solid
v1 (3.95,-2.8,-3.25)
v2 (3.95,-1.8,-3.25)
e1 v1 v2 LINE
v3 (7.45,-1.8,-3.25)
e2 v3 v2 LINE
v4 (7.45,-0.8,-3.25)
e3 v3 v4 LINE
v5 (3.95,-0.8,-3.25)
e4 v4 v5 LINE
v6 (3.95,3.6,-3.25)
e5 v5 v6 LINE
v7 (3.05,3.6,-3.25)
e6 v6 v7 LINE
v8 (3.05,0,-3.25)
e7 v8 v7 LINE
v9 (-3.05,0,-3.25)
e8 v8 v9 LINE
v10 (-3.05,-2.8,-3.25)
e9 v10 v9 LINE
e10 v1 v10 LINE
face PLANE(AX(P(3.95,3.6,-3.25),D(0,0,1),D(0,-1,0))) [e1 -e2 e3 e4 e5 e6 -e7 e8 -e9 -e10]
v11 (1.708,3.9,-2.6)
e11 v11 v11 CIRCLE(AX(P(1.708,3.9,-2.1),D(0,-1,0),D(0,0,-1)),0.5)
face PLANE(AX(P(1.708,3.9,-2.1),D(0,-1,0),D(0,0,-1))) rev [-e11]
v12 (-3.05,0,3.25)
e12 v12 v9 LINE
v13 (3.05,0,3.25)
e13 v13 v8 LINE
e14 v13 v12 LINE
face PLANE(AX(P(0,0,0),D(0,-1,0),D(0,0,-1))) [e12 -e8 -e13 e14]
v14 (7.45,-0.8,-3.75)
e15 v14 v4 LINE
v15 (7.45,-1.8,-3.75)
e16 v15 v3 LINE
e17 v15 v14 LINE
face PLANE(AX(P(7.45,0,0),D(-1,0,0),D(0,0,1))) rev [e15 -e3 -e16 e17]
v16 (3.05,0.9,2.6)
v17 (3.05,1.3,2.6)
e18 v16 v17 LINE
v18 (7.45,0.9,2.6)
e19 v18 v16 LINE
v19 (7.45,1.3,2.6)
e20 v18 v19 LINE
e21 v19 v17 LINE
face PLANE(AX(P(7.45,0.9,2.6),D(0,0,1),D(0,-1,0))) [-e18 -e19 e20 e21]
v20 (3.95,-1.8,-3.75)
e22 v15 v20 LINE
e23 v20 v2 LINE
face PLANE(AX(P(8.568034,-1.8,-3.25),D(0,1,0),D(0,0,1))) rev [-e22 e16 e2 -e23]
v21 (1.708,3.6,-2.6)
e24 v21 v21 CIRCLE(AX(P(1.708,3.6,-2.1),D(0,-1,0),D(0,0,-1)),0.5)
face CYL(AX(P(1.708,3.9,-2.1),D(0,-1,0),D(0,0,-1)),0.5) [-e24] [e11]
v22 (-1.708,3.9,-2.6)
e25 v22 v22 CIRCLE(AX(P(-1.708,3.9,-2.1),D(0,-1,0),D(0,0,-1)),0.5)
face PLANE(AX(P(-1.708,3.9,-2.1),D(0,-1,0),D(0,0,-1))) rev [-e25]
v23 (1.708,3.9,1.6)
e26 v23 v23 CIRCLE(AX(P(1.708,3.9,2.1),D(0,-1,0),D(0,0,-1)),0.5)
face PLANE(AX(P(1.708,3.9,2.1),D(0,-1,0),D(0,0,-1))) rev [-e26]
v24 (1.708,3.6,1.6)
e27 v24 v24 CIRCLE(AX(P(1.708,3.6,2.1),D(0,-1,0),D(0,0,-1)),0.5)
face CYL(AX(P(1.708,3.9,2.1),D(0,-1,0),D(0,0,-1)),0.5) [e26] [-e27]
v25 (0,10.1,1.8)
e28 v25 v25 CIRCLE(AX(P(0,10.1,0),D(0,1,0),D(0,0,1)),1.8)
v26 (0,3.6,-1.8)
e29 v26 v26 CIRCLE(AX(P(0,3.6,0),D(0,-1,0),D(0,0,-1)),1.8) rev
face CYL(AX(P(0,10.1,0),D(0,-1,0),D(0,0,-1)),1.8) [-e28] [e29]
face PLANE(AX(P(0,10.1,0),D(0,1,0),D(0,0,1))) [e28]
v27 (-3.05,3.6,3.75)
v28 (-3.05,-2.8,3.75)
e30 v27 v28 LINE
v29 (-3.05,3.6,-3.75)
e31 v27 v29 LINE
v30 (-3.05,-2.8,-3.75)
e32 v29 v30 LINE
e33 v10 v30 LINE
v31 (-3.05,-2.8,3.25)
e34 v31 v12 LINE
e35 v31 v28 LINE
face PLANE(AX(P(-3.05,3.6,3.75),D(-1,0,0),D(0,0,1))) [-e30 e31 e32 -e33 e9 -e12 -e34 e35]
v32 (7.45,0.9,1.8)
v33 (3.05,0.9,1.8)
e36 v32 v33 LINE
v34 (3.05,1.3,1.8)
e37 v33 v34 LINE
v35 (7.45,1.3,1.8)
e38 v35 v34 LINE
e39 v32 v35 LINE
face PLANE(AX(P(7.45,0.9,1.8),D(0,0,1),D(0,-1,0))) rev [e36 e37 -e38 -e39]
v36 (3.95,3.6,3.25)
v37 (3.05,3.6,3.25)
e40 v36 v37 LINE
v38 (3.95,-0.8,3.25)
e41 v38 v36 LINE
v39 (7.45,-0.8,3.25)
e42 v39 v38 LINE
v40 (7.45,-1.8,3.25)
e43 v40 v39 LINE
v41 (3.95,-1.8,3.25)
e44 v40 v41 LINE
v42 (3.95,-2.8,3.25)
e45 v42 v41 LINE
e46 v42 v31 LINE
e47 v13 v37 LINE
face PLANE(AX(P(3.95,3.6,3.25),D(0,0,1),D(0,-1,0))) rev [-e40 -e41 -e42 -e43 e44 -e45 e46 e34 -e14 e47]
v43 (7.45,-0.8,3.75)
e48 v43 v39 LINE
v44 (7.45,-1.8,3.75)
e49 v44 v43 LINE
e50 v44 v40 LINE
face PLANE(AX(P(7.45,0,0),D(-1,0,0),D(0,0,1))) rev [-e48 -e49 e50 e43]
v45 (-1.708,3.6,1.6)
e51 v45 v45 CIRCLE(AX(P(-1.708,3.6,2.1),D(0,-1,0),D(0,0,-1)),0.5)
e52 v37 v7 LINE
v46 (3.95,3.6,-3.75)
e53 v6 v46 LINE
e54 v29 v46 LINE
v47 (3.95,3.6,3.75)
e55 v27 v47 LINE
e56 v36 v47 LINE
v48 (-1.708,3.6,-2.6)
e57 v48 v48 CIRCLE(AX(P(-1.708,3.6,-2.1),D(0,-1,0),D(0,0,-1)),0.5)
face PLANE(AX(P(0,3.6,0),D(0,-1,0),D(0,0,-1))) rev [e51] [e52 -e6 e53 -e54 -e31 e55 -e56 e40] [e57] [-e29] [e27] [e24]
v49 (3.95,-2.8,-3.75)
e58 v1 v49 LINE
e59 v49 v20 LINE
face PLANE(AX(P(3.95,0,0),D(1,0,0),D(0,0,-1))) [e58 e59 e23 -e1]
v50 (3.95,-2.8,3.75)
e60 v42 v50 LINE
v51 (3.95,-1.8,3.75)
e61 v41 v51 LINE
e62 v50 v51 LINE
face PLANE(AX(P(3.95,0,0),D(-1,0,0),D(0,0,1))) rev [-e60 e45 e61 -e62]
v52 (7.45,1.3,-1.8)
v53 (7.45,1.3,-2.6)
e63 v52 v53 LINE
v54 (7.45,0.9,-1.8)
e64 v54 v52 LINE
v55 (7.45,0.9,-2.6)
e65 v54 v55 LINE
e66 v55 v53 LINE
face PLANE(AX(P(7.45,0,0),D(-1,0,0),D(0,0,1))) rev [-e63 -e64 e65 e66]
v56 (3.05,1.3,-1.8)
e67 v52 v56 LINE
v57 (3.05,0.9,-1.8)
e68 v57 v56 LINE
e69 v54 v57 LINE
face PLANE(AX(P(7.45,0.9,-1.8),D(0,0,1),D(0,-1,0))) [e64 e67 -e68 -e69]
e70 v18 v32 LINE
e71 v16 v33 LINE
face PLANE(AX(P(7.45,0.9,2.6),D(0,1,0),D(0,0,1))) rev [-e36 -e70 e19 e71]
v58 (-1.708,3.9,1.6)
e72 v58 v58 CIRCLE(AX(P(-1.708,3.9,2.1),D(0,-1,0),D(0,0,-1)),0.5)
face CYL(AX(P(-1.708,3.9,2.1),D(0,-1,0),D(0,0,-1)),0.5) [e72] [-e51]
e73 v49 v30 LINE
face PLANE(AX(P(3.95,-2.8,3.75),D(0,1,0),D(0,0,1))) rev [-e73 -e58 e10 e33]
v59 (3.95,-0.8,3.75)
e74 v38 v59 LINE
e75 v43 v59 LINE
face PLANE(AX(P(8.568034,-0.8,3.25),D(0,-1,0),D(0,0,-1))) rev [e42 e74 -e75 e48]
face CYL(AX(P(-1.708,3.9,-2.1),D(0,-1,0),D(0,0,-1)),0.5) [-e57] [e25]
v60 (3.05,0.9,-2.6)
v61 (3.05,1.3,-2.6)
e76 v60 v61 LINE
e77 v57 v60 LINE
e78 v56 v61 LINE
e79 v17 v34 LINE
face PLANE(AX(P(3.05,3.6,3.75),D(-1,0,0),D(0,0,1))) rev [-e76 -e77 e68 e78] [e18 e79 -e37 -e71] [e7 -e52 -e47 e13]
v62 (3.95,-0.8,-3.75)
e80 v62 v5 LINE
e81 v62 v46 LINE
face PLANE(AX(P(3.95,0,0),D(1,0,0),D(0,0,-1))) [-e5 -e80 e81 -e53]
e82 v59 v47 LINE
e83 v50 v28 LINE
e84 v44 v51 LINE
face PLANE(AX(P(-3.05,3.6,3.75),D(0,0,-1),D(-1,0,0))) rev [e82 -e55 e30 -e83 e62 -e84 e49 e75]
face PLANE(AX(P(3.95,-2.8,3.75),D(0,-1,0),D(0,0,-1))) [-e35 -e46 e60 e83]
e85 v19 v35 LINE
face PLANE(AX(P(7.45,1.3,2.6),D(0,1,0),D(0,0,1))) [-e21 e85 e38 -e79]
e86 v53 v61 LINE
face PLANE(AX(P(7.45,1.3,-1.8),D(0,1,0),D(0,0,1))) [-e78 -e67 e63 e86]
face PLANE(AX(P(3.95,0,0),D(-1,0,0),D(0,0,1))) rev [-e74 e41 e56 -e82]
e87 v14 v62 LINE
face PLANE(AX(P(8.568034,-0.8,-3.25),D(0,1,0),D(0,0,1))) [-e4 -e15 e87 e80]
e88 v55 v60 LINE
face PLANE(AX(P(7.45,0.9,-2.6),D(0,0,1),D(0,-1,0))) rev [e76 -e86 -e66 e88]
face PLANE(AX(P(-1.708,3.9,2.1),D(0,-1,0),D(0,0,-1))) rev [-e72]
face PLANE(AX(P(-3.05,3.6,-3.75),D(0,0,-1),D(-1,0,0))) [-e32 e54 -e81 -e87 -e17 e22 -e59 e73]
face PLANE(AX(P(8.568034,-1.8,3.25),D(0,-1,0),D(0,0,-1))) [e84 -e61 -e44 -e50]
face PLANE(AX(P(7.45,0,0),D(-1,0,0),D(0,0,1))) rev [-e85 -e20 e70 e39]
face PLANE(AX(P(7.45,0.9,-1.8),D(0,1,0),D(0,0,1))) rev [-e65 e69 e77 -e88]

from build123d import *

# Parameters (mm, degrees)
SKETCH_1_W      = 6.1
SKETCH_1_H      = 7.5
EXTRUDE_1_DEPTH = 3.6
SKETCH_1_3_R    = 1.8
EXTRUDE_2_DEPTH = 10.1
EXTRUDE_START   = 3.6
SKETCH_1_4_R    = 0.5
EXTRUDE_3_DEPTH = 0.3
SKETCH_2_W      = 0.8
SKETCH_2_H      = 0.4
EXTRUDE_4_DEPTH = 4.4
EXTRUDE_START_2 = -6.1
SKETCH_4_W      = 0.5
SKETCH_4_H      = 6.4
EXTRUDE_5_DEPTH = 7
SKETCH_4_3_W    = 0.5
SKETCH_4_3_H    = 1
EXTRUDE_6_DEPTH = 4.4


with BuildPart() as part:
    # 草图1 → 凸台-拉伸1 (new body)
    with BuildSketch(Plane(origin=(0, 0, 0), x_dir=(1, 0, 0), z_dir=(0, 1, 0))):
        Rectangle(SKETCH_1_W, SKETCH_1_H)
    extrude(amount=EXTRUDE_1_DEPTH)

    # 草图1<3> → 凸台-拉伸2 (add)
    with BuildSketch(Plane(origin=(0, 0, 0), x_dir=(1, 0, 0), z_dir=(0, 1, 0))):
        with Locations(Location((0, 0, 0), (0, 0, 90))):
            Circle(SKETCH_1_3_R)
    extrude(amount=EXTRUDE_2_DEPTH)

    # 草图1<4> → 凸台-拉伸3 (add)
    with BuildSketch(Plane(origin=(0, 0, 0), x_dir=(1, 0, 0), z_dir=(0, 1, 0)).offset(EXTRUDE_START)):
        with Locations(Location((-1.708, 2.1, 0), (0, 0, 90))):
            Circle(SKETCH_1_4_R)
        with Locations(Location((-1.708, -2.1, 0), (0, 0, 90))):
            Circle(SKETCH_1_4_R)
        with Locations(Location((1.708, -2.1, 0), (0, 0, 90))):
            Circle(SKETCH_1_4_R)
        with Locations(Location((1.708, 2.1, 0), (0, 0, 90))):
            Circle(SKETCH_1_4_R)
    extrude(amount=EXTRUDE_3_DEPTH)

    # 草图2 → 凸台-拉伸4 (add)
    with BuildSketch(Plane(origin=(3.05, 0, 0), x_dir=(0, 0, -1), z_dir=(1, 0, 0))):
        with Locations((-2.2, 1.1)):
            Rectangle(SKETCH_2_W, SKETCH_2_H)
        with Locations((2.2, 1.1)):
            Rectangle(SKETCH_2_W, SKETCH_2_H)
    extrude(amount=EXTRUDE_4_DEPTH)

    # 草图4 → 凸台-拉伸5 (add)
    with BuildSketch(Plane(origin=(3.05, 0, 0), x_dir=(0, 0, -1), z_dir=(1, 0, 0)).offset(EXTRUDE_START_2)):
        with Locations((-3.5, 0.4)):
            Rectangle(SKETCH_4_W, SKETCH_4_H)
        with Locations((3.5, 0.4)):
            Rectangle(SKETCH_4_W, SKETCH_4_H)
    extrude(amount=EXTRUDE_5_DEPTH)

    # 草图4<3> → 凸台-拉伸6 (add)
    with BuildSketch(Plane(origin=(3.05, 0, 0), x_dir=(0, 0, -1), z_dir=(1, 0, 0))):
        with Locations((3.5, -1.3)):
            Rectangle(SKETCH_4_3_W, SKETCH_4_3_H)
        with Locations((-3.5, -1.3)):
            Rectangle(SKETCH_4_3_W, SKETCH_4_3_H)
    extrude(amount=EXTRUDE_6_DEPTH)


solid = part.part
